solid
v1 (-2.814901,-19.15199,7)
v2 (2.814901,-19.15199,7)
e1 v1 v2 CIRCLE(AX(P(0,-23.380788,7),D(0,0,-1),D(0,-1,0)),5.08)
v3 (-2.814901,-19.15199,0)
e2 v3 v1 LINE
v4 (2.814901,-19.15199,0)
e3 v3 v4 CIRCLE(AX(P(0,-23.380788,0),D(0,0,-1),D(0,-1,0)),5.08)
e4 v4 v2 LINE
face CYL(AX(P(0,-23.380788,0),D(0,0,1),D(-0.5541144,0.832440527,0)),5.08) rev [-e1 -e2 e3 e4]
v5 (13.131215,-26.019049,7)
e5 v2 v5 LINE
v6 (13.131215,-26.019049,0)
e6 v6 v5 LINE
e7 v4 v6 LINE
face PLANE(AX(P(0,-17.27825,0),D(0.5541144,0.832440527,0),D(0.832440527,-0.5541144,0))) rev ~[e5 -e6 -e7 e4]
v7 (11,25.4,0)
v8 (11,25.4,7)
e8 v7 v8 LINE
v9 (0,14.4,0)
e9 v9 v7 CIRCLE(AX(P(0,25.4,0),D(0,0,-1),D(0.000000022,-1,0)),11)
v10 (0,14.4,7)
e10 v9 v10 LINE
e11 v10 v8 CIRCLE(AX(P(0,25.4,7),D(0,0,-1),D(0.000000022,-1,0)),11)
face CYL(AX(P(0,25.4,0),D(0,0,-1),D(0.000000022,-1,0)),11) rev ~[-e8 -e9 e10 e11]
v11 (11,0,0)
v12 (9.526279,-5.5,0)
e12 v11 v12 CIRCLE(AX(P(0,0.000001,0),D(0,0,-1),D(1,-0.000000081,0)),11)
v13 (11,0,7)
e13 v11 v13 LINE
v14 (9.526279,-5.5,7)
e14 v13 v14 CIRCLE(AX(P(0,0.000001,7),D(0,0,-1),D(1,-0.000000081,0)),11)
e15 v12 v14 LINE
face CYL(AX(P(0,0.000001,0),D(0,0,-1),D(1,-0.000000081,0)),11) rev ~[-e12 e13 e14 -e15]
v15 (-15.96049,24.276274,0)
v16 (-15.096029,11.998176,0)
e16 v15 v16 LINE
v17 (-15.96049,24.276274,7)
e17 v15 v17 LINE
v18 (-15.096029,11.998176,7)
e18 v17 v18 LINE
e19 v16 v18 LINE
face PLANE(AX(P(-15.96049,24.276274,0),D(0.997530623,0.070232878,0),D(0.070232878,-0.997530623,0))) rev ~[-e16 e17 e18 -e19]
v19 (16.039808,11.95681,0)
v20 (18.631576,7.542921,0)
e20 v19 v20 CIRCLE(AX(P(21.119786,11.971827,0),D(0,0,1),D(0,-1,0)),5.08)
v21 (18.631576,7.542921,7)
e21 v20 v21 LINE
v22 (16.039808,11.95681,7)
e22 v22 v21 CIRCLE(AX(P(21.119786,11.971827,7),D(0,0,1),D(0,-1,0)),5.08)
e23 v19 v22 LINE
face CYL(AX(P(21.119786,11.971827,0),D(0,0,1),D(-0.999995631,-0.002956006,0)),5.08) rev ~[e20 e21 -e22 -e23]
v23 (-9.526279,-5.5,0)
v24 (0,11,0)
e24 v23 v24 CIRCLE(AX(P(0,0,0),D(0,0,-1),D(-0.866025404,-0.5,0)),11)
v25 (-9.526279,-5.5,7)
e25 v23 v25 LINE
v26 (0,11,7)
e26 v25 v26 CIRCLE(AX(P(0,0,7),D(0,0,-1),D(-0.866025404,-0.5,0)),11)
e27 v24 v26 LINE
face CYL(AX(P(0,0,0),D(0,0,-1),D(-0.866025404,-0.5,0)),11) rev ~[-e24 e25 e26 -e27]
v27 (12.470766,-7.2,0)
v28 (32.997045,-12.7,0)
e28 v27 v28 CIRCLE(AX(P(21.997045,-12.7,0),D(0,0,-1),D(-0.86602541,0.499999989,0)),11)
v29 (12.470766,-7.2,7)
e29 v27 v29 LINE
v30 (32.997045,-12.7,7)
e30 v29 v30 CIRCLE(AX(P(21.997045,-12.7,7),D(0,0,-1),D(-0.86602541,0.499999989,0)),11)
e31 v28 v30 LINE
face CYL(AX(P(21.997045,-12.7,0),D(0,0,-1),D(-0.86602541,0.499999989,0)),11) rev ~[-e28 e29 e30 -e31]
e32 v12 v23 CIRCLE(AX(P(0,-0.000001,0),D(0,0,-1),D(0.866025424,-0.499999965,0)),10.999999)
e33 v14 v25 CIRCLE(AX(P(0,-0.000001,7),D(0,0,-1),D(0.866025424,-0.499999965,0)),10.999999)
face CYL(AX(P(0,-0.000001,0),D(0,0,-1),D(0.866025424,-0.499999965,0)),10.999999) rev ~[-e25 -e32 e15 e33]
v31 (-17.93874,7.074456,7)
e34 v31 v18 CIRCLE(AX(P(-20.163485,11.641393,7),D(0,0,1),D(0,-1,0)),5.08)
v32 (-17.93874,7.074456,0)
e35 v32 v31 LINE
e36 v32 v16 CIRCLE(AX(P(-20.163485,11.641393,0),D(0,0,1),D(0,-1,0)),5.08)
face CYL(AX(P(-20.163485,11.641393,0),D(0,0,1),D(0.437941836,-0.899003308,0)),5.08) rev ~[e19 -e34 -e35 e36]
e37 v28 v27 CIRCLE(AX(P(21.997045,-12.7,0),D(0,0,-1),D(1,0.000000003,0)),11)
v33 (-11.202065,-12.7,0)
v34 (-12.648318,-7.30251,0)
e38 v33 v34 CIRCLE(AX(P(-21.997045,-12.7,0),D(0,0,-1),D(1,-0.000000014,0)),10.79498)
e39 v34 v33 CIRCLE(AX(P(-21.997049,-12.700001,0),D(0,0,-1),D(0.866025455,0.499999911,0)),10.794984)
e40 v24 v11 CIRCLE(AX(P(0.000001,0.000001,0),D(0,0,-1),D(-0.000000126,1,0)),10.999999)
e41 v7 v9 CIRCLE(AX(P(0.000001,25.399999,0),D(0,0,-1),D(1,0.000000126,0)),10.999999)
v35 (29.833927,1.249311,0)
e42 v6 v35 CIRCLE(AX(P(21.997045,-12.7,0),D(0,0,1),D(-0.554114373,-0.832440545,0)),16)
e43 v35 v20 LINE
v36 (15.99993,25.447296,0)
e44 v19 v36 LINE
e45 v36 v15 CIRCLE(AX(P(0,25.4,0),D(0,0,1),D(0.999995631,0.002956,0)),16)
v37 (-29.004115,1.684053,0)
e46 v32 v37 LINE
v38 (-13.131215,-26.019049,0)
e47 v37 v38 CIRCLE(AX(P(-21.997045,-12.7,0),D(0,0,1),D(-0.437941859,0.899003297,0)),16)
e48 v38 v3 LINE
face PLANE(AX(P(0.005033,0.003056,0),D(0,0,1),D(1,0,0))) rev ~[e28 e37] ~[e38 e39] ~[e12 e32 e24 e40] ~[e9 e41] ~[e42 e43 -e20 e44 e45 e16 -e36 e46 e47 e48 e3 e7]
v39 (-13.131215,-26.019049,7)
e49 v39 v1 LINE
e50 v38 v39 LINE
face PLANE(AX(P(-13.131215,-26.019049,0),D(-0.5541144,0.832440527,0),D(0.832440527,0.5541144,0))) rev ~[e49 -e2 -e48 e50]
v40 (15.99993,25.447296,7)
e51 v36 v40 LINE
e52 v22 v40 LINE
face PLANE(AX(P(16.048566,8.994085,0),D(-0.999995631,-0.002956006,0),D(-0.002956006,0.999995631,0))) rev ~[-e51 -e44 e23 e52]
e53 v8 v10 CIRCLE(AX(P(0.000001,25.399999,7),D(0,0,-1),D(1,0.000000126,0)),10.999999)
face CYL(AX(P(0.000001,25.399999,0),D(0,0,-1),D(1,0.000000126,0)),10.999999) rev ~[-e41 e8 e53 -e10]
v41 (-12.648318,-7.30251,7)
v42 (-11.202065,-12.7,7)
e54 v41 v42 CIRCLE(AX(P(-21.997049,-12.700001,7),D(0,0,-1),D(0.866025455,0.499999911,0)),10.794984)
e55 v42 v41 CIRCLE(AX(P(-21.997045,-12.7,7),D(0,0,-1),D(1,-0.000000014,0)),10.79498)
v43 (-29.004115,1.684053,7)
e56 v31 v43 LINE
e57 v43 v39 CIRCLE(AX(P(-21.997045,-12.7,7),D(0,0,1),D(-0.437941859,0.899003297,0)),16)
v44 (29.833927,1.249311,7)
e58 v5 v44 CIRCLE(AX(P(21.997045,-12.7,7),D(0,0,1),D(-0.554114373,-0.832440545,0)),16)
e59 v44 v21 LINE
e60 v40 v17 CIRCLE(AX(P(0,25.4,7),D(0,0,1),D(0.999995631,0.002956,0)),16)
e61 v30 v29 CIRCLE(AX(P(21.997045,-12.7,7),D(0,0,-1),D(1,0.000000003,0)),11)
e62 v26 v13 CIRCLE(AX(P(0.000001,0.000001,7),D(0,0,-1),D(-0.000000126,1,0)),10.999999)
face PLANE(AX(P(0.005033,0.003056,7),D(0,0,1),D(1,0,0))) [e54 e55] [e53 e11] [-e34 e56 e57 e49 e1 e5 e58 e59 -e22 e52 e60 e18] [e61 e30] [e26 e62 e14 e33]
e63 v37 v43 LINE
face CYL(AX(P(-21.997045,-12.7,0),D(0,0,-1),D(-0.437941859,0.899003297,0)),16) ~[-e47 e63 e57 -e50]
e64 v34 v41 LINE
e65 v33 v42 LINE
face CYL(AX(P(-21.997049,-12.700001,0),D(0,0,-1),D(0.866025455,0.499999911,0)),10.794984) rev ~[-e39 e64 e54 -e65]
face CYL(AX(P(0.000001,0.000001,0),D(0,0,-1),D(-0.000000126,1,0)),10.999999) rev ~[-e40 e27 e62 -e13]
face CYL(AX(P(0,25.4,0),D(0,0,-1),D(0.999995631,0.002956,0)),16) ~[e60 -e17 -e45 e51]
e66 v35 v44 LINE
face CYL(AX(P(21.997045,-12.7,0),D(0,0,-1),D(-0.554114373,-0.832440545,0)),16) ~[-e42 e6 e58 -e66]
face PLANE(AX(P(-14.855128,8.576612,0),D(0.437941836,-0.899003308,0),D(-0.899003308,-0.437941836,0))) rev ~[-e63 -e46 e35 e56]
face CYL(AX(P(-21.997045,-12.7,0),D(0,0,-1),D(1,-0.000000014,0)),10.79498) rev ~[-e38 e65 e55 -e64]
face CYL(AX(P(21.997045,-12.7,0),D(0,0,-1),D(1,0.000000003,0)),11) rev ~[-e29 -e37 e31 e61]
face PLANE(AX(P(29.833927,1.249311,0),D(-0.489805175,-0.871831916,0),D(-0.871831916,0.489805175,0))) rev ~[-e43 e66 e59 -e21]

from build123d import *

# Parameters (mm, degrees)
F1_DEPTH = 7
F2_R     = 5.08


with BuildPart() as f1:
    # F0 (on Top) → F1 (new body)
    with BuildSketch(Plane.XY):
        with BuildLine():
            Line((-14.855128, 8.576612), (-29.004115, 1.684053))
            ThreePointArc((-29.004115, 1.684053), (-35.87974, -20.654294), (-13.131215, -26.019049))
            Line((-13.131215, -26.019049), (0, -17.27825))
            Line((0, -17.27825), (13.131215, -26.019049))
            ThreePointArc((13.131215, -26.019049), (35.640928, -21.0573), (29.833927, 1.249311))
            Line((29.833927, 1.249311), (16.048566, 8.994085))
            Line((16.048566, 8.994085), (15.99993, 25.447296))
            ThreePointArc((15.99993, 25.447296), (-0.585843, 41.389271), (-15.96049, 24.276274))
            Line((-15.96049, 24.276274), (-14.855128, 8.576612))
        make_face()
        with BuildLine():
            ThreePointArc((-11.202065, -12.7), (-32.424195, -15.493946), (-12.648318, -7.30251))
            ThreePointArc((-12.648318, -7.30251), (-11.569895, -9.906054), (-11.202065, -12.7))
        make_face(mode=Mode.SUBTRACT)
        with BuildLine():
            ThreePointArc((32.997045, -12.7), (19.150036, -23.325184), (12.470766, -7.2))
            ThreePointArc((12.470766, -7.2), (24.844055, -2.074816), (32.997045, -12.7))
        make_face(mode=Mode.SUBTRACT)
        with BuildLine():
            ThreePointArc((-9.526279, -5.5), (-9.526279, 5.5), (0, 11))
            ThreePointArc((0, 11), (7.778175, 7.778175), (11, 0))
            ThreePointArc((11, 0), (10.625184, -2.847009), (9.526279, -5.5))
            ThreePointArc((9.526279, -5.5), (0, -11), (-9.526279, -5.5))
        make_face(mode=Mode.SUBTRACT)
        with BuildLine():
            ThreePointArc((0, 14.4), (-7.778175, 33.178175), (11, 25.4))
            ThreePointArc((11, 25.4), (7.778175, 17.621825), (0, 14.4))
        make_face(mode=Mode.SUBTRACT)
    extrude(amount=F1_DEPTH)

    # F2
    f2_edges = [f1.edges().sort_by_distance(p)[0] for p in [
        (-14.855128, 8.576612, 3.5),
        (16.048566, 8.994085, 3.5),
        (0, -17.27825, 3.5),
    ]]
    fillet(f2_edges, radius=F2_R)


solid = f1.part
